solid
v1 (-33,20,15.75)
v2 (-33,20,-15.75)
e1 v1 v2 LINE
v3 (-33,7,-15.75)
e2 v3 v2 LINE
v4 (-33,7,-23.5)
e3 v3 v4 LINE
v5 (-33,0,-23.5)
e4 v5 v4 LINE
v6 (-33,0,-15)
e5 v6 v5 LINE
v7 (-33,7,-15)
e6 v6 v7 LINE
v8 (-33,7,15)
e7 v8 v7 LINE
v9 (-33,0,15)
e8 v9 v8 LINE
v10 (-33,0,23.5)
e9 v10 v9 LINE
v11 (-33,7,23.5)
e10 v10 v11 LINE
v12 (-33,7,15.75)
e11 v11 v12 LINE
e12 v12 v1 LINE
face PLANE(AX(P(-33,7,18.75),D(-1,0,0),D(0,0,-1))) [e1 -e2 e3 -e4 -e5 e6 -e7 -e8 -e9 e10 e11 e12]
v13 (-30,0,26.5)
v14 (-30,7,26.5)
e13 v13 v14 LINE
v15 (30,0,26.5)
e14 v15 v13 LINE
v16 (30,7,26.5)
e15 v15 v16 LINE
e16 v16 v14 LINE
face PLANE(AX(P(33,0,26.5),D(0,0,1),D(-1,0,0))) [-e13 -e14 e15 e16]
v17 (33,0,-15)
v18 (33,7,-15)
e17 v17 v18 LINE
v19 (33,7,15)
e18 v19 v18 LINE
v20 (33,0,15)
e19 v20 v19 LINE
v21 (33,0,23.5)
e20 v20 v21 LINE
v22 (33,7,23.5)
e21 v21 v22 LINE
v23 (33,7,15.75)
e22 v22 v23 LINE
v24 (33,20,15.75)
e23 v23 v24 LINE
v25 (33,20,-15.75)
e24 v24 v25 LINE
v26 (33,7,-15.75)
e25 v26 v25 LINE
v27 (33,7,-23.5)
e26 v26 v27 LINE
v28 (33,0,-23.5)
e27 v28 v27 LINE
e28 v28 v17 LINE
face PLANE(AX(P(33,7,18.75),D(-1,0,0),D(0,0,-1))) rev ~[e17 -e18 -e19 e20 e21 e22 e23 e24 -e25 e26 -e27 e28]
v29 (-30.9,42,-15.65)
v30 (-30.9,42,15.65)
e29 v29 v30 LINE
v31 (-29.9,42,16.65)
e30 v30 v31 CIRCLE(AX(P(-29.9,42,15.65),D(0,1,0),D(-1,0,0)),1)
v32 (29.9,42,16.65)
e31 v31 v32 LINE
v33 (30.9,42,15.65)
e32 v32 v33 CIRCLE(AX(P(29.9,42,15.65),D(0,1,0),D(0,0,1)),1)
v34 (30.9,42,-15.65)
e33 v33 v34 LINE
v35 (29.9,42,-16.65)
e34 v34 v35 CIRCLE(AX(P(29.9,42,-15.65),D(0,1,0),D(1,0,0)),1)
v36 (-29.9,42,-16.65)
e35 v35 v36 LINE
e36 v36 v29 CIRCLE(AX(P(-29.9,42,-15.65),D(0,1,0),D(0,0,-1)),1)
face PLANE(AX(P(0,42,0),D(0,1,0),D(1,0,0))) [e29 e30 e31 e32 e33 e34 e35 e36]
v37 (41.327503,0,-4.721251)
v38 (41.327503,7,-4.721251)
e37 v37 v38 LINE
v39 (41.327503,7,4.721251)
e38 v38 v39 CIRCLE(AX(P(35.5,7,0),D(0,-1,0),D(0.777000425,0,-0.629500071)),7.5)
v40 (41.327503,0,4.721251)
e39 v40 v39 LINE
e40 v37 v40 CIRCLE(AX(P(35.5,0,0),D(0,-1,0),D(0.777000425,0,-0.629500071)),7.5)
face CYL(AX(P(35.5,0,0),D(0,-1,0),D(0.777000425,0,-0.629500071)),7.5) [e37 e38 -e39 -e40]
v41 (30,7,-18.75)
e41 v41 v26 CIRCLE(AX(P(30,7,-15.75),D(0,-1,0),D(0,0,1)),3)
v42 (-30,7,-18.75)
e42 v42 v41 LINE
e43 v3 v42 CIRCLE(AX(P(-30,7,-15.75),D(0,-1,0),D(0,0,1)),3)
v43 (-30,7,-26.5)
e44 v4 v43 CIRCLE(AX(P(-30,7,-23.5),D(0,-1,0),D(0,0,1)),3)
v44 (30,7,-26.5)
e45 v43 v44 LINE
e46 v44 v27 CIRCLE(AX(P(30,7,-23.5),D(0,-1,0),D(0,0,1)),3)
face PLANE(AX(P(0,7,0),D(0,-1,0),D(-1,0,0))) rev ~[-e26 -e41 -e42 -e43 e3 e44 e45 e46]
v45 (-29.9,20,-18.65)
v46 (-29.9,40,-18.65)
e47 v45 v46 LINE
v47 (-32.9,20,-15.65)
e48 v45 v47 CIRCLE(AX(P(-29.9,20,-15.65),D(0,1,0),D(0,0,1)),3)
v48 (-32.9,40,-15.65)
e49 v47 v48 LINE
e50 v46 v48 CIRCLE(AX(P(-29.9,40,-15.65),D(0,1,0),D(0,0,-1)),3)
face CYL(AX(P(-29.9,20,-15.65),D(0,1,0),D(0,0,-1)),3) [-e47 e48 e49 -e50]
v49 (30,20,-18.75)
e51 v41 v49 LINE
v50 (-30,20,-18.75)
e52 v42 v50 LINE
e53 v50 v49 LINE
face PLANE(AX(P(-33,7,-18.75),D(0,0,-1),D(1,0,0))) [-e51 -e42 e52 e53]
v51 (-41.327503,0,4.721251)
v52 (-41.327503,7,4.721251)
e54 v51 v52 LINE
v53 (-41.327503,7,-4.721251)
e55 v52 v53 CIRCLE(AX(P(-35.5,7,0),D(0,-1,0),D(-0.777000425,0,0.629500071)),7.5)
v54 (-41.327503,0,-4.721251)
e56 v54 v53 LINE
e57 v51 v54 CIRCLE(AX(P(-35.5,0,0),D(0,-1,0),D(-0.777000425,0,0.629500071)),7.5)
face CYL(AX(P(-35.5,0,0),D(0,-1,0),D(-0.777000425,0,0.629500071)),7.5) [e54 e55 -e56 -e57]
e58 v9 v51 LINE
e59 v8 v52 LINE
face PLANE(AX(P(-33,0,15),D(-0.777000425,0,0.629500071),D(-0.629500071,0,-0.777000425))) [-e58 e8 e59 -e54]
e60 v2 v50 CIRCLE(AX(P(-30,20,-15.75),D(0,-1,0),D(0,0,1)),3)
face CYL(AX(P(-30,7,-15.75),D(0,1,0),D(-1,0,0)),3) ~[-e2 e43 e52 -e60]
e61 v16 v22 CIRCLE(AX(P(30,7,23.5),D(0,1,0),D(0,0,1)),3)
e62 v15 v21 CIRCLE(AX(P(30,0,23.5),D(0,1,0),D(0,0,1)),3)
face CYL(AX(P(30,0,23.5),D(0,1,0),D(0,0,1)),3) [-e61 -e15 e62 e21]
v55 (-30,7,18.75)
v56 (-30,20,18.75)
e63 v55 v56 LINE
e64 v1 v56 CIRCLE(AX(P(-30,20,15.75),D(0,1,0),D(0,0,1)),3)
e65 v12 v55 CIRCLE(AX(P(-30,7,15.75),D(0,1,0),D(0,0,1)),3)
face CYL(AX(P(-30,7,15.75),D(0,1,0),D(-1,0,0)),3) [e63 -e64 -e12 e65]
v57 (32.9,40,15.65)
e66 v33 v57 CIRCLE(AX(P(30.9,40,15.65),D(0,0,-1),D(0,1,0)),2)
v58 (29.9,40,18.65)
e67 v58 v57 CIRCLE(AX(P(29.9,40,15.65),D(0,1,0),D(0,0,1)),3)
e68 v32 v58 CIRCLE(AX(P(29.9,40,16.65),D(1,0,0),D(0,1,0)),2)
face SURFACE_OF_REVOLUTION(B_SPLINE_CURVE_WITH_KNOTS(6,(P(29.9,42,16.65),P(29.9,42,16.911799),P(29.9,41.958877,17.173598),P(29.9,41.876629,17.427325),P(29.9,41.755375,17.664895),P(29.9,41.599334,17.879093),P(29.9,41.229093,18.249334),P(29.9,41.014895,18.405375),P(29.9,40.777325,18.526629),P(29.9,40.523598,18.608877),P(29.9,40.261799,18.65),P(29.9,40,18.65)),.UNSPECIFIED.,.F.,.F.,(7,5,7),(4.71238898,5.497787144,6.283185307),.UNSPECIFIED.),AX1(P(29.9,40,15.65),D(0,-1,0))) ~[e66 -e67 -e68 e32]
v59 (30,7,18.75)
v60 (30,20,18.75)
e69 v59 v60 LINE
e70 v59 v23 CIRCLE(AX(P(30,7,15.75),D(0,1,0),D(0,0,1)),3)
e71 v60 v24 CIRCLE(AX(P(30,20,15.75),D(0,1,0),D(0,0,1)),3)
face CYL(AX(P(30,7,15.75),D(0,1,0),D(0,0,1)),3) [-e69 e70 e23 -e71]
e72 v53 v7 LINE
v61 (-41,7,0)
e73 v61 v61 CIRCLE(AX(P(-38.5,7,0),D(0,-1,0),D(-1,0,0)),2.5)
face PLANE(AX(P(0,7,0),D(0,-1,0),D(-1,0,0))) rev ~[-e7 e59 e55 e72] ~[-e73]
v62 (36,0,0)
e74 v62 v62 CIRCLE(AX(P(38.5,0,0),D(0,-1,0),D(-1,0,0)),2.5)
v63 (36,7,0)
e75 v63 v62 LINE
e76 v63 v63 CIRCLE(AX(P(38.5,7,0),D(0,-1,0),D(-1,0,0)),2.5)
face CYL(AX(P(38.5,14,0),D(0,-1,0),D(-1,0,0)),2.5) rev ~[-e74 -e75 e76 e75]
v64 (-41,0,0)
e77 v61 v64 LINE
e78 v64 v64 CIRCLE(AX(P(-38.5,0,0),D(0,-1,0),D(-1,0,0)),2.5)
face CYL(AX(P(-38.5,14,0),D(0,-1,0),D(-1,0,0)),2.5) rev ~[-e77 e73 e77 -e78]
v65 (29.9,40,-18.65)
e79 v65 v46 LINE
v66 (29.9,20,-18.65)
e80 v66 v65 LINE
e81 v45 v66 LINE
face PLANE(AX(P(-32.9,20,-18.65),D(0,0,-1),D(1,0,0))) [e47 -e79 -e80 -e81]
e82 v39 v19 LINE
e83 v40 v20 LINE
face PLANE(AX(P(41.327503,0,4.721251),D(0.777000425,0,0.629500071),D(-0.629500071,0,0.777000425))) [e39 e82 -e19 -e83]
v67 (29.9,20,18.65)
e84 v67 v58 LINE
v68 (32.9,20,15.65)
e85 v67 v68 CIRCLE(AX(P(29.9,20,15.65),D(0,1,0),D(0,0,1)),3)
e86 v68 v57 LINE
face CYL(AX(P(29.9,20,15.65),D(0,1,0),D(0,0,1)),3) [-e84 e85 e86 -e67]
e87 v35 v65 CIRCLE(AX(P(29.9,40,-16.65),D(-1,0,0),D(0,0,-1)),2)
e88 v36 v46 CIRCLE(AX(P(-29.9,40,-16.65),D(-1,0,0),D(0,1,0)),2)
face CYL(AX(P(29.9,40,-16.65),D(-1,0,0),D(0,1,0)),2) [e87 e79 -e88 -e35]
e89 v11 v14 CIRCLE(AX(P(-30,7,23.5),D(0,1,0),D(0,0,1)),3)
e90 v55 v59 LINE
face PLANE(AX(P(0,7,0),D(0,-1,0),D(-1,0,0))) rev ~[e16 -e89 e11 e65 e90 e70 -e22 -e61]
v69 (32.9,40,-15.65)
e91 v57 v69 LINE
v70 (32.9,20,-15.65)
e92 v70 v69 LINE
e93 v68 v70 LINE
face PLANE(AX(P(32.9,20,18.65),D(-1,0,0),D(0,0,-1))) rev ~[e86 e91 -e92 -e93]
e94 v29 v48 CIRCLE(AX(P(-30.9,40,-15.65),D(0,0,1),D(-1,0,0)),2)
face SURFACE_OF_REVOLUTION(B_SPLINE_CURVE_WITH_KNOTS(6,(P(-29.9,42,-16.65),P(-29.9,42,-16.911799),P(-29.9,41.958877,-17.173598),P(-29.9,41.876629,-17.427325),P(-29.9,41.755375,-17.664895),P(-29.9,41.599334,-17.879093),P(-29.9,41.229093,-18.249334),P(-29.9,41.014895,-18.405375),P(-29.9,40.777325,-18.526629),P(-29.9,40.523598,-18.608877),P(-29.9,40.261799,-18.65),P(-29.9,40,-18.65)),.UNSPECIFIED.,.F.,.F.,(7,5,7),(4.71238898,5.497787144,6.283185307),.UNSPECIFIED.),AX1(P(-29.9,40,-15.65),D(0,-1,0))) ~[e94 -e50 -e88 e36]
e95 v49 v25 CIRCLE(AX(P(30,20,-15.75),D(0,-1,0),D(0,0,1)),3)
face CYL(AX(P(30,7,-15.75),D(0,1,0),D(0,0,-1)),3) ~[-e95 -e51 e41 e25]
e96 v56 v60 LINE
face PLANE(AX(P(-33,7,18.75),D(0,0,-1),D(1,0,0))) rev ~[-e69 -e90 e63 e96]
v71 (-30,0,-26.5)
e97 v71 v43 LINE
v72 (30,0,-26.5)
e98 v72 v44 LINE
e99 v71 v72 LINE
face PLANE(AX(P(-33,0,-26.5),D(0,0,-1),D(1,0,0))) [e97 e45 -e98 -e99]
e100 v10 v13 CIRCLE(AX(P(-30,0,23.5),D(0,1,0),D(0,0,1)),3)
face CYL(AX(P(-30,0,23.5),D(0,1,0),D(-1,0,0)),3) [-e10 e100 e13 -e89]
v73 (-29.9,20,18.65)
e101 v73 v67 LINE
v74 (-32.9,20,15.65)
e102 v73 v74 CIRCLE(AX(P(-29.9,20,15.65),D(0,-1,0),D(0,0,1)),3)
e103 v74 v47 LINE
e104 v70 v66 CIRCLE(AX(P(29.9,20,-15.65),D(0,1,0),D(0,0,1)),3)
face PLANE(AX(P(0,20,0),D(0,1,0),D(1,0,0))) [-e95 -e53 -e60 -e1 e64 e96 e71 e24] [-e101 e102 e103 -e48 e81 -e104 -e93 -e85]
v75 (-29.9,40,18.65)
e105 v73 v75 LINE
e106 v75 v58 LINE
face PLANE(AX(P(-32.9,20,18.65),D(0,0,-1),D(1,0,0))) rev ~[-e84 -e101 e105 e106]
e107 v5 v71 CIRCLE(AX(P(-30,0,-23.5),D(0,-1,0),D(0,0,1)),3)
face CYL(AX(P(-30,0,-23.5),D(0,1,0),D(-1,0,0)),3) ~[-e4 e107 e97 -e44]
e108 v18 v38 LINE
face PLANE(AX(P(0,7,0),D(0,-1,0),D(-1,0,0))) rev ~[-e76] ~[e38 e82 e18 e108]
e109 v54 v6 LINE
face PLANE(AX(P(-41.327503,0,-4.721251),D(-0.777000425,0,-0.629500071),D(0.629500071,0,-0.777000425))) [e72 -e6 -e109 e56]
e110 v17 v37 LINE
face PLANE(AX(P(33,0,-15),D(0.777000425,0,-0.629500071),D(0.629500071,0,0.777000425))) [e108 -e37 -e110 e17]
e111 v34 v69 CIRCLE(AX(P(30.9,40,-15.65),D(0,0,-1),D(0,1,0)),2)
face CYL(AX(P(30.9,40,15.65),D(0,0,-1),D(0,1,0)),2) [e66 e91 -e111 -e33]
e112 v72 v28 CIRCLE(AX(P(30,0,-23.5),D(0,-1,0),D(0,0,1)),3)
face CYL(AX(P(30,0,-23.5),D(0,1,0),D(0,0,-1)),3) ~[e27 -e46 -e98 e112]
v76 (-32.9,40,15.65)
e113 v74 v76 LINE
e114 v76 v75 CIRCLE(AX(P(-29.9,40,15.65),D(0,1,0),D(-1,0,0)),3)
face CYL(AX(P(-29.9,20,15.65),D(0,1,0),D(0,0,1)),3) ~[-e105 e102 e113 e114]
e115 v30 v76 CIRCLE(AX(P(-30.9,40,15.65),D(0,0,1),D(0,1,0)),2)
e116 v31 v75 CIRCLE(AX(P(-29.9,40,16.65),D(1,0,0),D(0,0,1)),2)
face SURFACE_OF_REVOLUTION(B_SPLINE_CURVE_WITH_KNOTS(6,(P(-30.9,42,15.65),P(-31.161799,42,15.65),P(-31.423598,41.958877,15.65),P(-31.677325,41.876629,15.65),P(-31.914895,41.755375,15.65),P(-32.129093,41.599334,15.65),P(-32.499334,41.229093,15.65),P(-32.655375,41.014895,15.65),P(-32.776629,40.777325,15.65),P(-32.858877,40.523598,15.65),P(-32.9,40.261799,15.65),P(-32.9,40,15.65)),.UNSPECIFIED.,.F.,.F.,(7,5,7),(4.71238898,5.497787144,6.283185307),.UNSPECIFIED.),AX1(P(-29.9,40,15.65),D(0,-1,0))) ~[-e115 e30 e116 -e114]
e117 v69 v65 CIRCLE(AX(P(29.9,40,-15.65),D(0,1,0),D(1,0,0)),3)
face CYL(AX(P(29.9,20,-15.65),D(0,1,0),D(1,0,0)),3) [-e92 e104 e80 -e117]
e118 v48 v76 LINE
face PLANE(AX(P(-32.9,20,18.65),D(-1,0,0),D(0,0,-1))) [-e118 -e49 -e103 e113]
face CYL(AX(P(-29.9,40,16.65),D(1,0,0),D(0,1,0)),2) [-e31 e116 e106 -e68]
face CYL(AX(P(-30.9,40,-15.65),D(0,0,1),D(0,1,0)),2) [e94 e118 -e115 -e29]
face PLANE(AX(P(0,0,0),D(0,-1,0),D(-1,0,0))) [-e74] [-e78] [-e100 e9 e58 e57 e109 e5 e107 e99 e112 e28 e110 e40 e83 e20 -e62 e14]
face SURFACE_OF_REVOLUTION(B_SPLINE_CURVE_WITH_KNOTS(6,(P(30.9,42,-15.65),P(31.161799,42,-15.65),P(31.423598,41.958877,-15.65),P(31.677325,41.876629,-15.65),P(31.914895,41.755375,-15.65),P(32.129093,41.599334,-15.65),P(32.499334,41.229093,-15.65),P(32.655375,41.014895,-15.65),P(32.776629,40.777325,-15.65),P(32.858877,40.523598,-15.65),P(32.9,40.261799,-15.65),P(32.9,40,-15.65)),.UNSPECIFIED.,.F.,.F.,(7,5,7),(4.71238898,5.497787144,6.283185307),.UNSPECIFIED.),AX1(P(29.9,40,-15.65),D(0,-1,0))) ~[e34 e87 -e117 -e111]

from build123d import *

# Parameters (mm, degrees)
BOSS_EXTRUDE1_DEPTH       = 7
F_5_0MM_DOWEL_HOLE1_D     = 5
F_5_0MM_DOWEL_HOLE1_DEPTH = 7
SKETCH4_W                 = 66
SKETCH4_H                 = 37.5
BOSS_EXTRUDE2_DEPTH       = 13
SKETCH5_W                 = 65.8
SKETCH5_H                 = 37.3
BOSS_EXTRUDE3_DEPTH       = 22
FILLET1_R                 = 3
FILLET2_R                 = 2


with BuildPart() as part:
    # Sketch1 → Boss-Extrude1 (new body)
    with BuildSketch(Plane(origin=(0, 0, 0), x_dir=(1, 0, 0), z_dir=(0, 1, 0))):
        with BuildLine():
            Line((-41.327503189, 4.721250532), (-33, 15))
            Line((-33, 15), (-33, 26.5))
            Line((-33, 26.5), (33, 26.5))
            Line((33, 26.5), (33, 15))
            Line((33, 15), (41.327503189, 4.721250532))
            ThreePointArc((41.327503189, 4.721250532), (43, 0), (41.327503189, -4.721250532))
            Line((41.327503189, -4.721250532), (33, -15))
            Line((33, -15), (33, -26.5))
            Line((33, -26.5), (-33, -26.5))
            Line((-33, -26.5), (-33, -15))
            Line((-33, -15), (-41.327503189, -4.721250532))
            ThreePointArc((-41.327503189, -4.721250532), (-43, 0), (-41.327503189, 4.721250532))
        make_face()
    extrude(amount=BOSS_EXTRUDE1_DEPTH)

    # Ø5.0mm Dowel Hole1
    with Locations(Plane(origin=(0, 7, 0), x_dir=(1, 0, 0), z_dir=(0, 1, 0))):
        with Locations((-38.5, 0), (38.5, 0)):
            Hole(F_5_0MM_DOWEL_HOLE1_D / 2, depth=F_5_0MM_DOWEL_HOLE1_DEPTH)

    # Sketch4 → Boss-Extrude2 (add)
    with BuildSketch(Plane(origin=(0, 7, 0), x_dir=(1, 0, 0), z_dir=(0, 1, 0))):
        Rectangle(SKETCH4_W, SKETCH4_H)
    extrude(amount=BOSS_EXTRUDE2_DEPTH)

    # Sketch5 → Boss-Extrude3 (add)
    with BuildSketch(Plane(origin=(0, 20, 0), x_dir=(1, 0, 0), z_dir=(0, 1, 0))):
        Rectangle(SKETCH5_W, SKETCH5_H)
    extrude(amount=BOSS_EXTRUDE3_DEPTH)

    # Fillet1
    fillet1_edges = [part.edges().sort_by_distance(p)[0] for p in [
        (-33, 3.5, -26.5),
        (33, 3.5, -26.5),
        (33, 3.5, 26.5),
        (-33, 3.5, 26.5),
        (33, 13.5, 18.75),
        (33, 13.5, -18.75),
        (-33, 13.5, -18.75),
        (-33, 13.5, 18.75),
        (32.9, 31, 18.65),
        (32.9, 31, -18.65),
        (-32.9, 31, -18.65),
        (-32.9, 31, 18.65),
    ]]
    fillet(fillet1_edges, radius=FILLET1_R)

    # Fillet2
    fillet2_edges = [part.edges().sort_by_distance(p)[0] for p in [
        (32.9, 42, 0),
        (0, 42, 18.65),
        (0, 42, -18.65),
        (-32.9, 42, 0),
        (-32.021320344, 42, 17.771320344),
        (-32.021320344, 42, -17.771320344),
        (32.021320344, 42, -17.771320344),
        (32.021320344, 42, 17.771320344),
    ]]
    fillet(fillet2_edges, radius=FILLET2_R)


solid = part.part
